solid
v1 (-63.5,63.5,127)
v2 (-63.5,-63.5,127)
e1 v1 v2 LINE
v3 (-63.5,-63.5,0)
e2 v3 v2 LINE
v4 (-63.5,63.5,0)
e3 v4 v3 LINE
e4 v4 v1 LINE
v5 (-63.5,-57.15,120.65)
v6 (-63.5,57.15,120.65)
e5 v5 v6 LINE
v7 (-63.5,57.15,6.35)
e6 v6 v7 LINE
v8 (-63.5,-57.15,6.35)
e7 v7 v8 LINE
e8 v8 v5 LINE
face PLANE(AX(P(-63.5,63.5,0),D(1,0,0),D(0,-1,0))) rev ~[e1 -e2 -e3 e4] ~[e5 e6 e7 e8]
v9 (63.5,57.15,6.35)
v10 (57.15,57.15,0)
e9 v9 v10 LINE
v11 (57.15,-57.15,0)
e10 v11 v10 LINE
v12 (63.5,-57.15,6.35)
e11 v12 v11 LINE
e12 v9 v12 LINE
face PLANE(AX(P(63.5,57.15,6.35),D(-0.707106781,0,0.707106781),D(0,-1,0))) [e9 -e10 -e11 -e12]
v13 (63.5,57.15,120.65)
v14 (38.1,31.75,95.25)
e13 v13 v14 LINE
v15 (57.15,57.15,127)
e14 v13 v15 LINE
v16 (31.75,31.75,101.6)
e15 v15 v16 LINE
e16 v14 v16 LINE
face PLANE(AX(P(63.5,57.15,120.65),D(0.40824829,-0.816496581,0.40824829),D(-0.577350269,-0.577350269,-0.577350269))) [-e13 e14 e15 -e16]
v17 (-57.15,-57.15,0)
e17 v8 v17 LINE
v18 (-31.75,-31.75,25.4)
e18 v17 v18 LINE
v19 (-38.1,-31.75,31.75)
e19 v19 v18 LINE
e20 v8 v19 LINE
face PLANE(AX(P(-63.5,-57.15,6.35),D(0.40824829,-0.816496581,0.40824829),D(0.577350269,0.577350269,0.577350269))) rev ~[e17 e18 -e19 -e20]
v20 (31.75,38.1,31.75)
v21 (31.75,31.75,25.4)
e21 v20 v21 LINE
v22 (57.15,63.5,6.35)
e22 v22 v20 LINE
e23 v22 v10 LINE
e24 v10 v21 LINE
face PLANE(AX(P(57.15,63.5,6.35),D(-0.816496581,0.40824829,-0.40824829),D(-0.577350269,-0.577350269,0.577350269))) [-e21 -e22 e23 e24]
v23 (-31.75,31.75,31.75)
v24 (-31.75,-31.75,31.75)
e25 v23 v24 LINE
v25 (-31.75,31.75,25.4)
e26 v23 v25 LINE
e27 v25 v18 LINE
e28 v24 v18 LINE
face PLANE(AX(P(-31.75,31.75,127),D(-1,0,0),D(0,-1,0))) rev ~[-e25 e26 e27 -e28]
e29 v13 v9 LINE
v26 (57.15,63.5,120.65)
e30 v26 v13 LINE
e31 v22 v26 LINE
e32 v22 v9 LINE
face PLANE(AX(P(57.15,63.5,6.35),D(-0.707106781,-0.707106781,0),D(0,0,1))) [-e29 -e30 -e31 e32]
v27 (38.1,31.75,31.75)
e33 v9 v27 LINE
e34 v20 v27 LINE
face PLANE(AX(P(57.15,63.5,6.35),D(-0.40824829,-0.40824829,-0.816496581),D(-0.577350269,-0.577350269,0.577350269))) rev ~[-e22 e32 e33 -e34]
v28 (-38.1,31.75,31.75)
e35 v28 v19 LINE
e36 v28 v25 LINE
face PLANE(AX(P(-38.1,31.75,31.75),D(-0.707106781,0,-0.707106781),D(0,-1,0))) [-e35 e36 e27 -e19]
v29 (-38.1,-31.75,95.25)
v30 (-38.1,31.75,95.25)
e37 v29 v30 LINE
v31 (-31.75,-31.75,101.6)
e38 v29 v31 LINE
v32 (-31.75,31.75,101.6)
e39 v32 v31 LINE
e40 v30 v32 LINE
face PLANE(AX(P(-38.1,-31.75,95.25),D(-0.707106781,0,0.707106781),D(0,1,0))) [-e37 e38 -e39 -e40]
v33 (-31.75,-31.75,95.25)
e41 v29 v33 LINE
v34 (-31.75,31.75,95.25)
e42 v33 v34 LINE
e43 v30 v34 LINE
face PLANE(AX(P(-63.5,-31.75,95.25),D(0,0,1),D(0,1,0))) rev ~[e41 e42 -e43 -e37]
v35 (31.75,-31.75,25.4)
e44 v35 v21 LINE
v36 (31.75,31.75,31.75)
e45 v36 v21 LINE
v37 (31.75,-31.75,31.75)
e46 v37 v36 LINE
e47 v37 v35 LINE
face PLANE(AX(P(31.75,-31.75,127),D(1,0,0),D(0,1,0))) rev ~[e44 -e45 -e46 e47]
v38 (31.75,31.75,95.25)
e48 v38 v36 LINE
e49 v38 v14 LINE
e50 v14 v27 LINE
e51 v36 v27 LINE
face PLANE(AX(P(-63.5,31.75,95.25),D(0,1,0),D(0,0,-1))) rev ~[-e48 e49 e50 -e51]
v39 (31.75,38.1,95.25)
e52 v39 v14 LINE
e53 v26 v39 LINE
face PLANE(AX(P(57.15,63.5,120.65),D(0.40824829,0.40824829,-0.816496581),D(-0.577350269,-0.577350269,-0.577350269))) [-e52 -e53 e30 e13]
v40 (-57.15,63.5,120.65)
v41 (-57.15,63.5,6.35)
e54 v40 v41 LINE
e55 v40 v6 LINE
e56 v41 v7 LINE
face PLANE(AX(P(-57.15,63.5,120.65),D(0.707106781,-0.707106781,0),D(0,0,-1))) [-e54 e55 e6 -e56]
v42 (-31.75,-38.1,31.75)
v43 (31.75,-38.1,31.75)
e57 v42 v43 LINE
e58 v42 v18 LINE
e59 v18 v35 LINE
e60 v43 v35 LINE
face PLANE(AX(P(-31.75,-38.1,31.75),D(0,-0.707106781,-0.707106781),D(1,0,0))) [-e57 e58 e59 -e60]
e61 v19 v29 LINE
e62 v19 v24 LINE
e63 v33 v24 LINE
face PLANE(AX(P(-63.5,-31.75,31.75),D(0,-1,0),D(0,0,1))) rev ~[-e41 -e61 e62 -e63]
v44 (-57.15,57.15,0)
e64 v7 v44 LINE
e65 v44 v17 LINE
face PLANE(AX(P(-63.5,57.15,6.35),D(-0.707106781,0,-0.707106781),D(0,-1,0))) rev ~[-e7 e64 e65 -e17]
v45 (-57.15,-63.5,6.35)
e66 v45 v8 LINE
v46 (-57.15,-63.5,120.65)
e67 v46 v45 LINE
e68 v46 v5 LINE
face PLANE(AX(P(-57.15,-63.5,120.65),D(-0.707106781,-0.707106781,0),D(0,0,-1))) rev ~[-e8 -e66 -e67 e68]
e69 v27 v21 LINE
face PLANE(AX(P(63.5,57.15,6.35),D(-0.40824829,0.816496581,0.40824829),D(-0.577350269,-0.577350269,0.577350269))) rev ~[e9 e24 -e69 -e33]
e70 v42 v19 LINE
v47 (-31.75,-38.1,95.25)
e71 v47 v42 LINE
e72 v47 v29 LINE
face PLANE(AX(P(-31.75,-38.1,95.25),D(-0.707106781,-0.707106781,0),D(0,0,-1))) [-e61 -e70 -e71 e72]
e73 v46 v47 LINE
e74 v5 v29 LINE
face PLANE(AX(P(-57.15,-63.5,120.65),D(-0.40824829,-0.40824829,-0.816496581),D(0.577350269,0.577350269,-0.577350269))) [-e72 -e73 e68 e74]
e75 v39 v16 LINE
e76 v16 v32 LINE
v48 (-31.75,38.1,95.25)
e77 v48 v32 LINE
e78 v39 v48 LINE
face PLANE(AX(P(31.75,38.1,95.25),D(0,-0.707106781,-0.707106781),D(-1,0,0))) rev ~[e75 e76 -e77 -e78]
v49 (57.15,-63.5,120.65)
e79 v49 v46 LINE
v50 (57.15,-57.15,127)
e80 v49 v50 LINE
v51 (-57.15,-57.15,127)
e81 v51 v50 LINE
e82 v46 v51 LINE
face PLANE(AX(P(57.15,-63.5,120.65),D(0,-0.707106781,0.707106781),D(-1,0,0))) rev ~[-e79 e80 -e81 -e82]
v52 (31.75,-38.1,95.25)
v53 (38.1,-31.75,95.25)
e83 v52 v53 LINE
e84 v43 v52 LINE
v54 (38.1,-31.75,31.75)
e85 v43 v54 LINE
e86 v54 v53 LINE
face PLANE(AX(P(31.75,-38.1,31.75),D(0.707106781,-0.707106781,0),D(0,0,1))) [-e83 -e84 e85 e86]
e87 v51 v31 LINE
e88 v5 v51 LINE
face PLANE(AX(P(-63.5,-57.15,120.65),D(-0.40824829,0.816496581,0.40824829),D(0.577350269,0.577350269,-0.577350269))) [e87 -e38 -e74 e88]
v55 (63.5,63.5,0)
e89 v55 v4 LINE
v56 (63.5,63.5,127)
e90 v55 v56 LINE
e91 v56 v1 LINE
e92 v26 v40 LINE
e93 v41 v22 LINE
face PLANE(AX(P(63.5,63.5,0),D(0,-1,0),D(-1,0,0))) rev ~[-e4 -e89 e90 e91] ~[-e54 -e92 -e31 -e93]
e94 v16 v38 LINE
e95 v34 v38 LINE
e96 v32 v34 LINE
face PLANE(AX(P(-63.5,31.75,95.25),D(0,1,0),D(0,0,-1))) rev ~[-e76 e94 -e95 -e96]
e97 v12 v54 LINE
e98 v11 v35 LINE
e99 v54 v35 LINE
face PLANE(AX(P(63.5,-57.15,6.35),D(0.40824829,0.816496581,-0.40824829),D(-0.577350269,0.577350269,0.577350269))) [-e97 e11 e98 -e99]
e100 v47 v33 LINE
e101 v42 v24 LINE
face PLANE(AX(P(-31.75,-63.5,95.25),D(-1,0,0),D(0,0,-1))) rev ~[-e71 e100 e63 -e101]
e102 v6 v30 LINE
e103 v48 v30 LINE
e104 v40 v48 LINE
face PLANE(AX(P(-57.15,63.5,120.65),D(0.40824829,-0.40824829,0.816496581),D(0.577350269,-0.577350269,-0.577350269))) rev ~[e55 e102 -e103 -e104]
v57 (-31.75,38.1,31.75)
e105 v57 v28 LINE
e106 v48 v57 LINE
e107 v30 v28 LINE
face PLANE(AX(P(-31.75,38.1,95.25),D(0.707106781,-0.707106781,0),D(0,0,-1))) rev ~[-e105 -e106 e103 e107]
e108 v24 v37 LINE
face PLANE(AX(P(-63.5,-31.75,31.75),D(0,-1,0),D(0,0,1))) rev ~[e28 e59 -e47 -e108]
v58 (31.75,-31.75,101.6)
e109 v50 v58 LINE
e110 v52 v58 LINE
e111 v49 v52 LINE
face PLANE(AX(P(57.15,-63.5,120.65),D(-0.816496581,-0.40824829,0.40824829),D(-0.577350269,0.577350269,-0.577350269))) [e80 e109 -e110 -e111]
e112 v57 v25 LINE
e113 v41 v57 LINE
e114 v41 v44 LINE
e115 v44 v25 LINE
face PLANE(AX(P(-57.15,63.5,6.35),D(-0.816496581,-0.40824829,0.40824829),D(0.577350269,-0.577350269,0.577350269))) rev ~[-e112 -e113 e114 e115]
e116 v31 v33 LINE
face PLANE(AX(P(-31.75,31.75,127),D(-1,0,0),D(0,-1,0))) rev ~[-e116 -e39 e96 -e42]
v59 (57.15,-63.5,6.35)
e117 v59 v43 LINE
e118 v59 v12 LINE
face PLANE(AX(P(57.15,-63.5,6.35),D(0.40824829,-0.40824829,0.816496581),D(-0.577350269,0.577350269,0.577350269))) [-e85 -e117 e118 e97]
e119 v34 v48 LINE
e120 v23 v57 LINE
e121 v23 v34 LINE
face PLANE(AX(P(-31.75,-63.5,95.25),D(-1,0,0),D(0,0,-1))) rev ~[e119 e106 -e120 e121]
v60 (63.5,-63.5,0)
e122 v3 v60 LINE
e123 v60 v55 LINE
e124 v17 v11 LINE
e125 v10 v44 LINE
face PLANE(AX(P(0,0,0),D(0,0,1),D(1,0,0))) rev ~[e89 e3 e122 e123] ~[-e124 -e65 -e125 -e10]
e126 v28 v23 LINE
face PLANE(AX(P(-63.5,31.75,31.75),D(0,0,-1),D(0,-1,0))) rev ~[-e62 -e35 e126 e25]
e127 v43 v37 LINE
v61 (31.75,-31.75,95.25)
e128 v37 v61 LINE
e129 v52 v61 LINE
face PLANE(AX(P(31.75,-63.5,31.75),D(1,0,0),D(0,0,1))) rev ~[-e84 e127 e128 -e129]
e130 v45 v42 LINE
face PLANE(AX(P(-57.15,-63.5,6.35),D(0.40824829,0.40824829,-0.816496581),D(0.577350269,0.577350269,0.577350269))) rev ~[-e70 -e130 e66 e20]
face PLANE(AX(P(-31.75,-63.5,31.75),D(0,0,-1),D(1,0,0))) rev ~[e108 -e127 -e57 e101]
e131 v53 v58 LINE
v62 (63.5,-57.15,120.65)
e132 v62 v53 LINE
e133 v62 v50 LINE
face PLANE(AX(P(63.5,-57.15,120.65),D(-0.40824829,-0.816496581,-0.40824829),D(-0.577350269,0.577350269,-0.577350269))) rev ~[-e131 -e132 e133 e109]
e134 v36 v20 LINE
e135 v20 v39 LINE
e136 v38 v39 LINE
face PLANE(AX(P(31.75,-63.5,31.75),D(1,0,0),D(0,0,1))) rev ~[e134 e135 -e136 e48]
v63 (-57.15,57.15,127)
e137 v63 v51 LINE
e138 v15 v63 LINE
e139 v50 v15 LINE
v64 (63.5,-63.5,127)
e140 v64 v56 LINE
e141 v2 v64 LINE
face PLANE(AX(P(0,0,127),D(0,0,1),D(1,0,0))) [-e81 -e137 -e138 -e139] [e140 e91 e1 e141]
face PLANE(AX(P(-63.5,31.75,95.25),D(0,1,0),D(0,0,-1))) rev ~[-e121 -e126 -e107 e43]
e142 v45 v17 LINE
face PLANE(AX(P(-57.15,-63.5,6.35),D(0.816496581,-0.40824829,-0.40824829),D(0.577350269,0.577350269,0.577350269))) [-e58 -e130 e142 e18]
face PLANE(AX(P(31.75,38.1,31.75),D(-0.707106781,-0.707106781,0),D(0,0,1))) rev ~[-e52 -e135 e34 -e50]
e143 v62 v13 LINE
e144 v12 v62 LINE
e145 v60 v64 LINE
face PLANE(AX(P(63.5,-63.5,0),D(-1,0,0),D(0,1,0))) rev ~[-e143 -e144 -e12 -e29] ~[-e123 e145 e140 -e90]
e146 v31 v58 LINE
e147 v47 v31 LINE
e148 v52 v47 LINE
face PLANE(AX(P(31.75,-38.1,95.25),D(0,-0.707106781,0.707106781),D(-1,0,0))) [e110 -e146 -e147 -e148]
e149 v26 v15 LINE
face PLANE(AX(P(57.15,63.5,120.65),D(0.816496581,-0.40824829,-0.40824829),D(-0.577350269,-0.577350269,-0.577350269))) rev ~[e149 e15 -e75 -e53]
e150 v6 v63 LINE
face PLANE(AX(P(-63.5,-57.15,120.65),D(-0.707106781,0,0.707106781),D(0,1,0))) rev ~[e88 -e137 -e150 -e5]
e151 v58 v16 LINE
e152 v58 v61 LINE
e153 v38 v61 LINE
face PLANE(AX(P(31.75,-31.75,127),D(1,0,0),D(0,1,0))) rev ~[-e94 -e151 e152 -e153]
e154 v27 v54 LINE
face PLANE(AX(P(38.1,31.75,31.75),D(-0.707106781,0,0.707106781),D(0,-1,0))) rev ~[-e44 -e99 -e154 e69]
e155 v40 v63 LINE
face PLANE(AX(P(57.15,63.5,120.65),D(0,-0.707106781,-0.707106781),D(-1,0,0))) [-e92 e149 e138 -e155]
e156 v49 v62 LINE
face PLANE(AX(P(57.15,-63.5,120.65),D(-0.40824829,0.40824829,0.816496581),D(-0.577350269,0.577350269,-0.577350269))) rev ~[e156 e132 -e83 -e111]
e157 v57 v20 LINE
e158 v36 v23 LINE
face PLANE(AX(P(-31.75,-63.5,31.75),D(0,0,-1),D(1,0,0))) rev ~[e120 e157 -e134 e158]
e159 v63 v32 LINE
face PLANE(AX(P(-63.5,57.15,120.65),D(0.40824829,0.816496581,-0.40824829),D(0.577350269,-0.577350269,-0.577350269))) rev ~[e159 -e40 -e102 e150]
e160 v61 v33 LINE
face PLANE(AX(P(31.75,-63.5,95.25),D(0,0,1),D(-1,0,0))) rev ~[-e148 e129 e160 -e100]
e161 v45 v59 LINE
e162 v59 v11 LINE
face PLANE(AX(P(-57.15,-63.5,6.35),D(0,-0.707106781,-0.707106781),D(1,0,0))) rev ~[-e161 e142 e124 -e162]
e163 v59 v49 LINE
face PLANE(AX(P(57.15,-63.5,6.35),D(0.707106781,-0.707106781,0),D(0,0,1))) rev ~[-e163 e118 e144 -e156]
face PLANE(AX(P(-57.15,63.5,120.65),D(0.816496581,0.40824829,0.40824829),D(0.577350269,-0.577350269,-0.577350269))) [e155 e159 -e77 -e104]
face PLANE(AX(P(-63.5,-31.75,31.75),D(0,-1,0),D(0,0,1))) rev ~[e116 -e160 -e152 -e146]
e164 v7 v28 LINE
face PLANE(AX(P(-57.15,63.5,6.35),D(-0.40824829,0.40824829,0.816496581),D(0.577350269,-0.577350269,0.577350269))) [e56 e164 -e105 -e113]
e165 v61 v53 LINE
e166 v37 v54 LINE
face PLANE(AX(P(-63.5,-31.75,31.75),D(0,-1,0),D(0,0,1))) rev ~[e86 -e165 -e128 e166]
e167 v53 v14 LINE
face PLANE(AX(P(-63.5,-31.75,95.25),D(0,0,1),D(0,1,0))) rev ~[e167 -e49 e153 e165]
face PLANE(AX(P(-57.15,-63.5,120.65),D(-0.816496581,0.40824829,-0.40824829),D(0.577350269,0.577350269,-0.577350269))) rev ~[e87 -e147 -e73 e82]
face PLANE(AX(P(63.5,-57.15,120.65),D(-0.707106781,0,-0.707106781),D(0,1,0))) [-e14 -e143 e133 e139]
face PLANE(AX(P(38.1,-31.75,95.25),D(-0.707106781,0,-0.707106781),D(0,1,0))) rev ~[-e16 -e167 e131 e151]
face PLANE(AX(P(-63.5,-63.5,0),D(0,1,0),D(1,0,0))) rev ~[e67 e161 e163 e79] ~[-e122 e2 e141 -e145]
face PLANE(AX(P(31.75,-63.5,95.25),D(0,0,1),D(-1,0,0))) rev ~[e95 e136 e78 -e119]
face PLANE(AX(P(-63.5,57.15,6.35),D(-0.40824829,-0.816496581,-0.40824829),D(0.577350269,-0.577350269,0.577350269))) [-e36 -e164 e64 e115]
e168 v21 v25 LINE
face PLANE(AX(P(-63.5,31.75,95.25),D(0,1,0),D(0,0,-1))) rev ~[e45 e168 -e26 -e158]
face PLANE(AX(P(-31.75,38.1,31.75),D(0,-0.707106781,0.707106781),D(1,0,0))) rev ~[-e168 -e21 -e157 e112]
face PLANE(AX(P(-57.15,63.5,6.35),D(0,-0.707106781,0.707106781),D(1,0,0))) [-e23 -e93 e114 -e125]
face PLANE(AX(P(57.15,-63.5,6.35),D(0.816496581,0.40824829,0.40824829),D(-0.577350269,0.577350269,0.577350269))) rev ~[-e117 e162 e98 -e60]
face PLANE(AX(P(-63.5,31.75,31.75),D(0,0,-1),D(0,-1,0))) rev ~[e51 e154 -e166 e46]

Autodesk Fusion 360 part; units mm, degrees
sketch "Sketch1" plane through (0, 0, 0) normal (0, 0, 1) x (1, 0, 0)
  line L0 (63.5, 63.5) -> (-63.5, 63.5)
  line L1 (-63.5, 63.5) -> (-63.5, -63.5)
  line L2 (-63.5, -63.5) -> (63.5, -63.5)
  line L3 (63.5, -63.5) -> (63.5, 63.5)
  line L4 (63.5, 63.5) -> (-63.5, -63.5) construction
  line L5 (-63.5, 63.5) -> (63.5, -63.5) construction
extrude "Extrude1" add sketch "Sketch1" along normal blind 127
sketch "Sketch2" plane through (0, 0, 127) normal (0, 0, 1) x (-1, 0, 0)
  line L0 (-63.5, 63.5) -> (-63.5, -63.5)
  line L1 (-63.5, -63.5) -> (63.5, -63.5)
  line L2 (63.5, -63.5) -> (63.5, 63.5)
  line L3 (63.5, 63.5) -> (-63.5, 63.5)
  line L4 (31.75, 31.75) -> (-31.75, 31.75)
  line L5 (-31.75, 31.75) -> (-31.75, -31.75)
  line L6 (-31.75, -31.75) -> (31.75, -31.75)
  line L7 (31.75, -31.75) -> (31.75, 31.75)
  dimension "d3" = -31.75
sketch "Sketch3" plane through (0, -63.5, 0) normal (0, -1, 0) x (1, 0, 0)
  line L0 (-63.5, 0) -> (63.5, 0)
  line L1 (63.5, 0) -> (63.5, 127)
  line L2 (63.5, 127) -> (-63.5, 127)
  line L3 (-63.5, 127) -> (-63.5, 0)
  line L4 (-31.75, 31.75) -> (31.75, 31.75)
  line L5 (31.75, 31.75) -> (31.75, 95.25)
  line L6 (31.75, 95.25) -> (-31.75, 95.25)
  line L7 (-31.75, 95.25) -> (-31.75, 31.75)
  dimension "d4" = -31.75
sketch "Sketch4" plane through (0, 0, 0) normal (0, 0, -1) x (1, 0, 0)
  line L0 (63.5, -63.5) -> (63.5, 63.5)
  line L1 (63.5, 63.5) -> (-63.5, 63.5)
  line L2 (-63.5, 63.5) -> (-63.5, -63.5)
  line L3 (-63.5, -63.5) -> (63.5, -63.5)
sketch "Sketch5" plane through (-63.5, 0, 0) normal (-1, 0, 0) x (0, -1, 0)
  line L0 (-63.5, 0) -> (63.5, 0)
  line L1 (63.5, 0) -> (63.5, 127)
  line L2 (63.5, 127) -> (-63.5, 127)
  line L3 (-63.5, 127) -> (-63.5, 0)
  line L4 (-31.75, 31.75) -> (31.75, 31.75)
  line L5 (31.75, 31.75) -> (31.75, 95.25)
  line L6 (31.75, 95.25) -> (-31.75, 95.25)
  line L7 (-31.75, 95.25) -> (-31.75, 31.75)
  dimension "d5" = -31.75
extrude "Extrude2" cut sketch "Sketch2" against normal blind 127 contours L4 L5 L6 L7
extrude "Extrude3" cut sketch "Sketch5" against normal blind 127 contours L4 L5 L6 L7
extrude "Extrude4" cut sketch "Sketch3" against normal blind 127 contours L4 L5 L6 L7
chamfer "Chamfer1" distance 25.4 angle 45 4 edges at (0, -63.5, 95.25) (31.75, -63.5, 63.5) (0, -63.5, 31.75) (-31.75, -63.5, 63.5)
chamfer "Chamfer2" distance 25.4 angle 45 4 edges at (-63.5, 31.75, 63.5) (-63.5, 0, 95.25) (-63.5, -31.75, 63.5) (-63.5, 0, 31.75)
chamfer "Chamfer3" distance 25.4 angle 45 4 edges at (31.75, 63.5, 63.5) (0, 63.5, 95.25) (-31.75, 63.5, 63.5) (0, 63.5, 31.75)
chamfer "Chamfer4" distance 25.4 angle 45 4 edges at (63.5, 0, 95.25) (63.5, 31.75, 63.5) (63.5, 0, 31.75) (63.5, -31.75, 63.5)
chamfer "Chamfer5" distance 25.4 angle 45 4 edges at (-31.75, 0, 127) (0, 31.75, 127) (31.75, 0, 127) (0, -31.75, 127)
chamfer "Chamfer6" distance 25.4 angle 45 4 edges at (31.75, 0, 0) (0, 31.75, 0) (-31.75, 0, 0) (0, -31.75, 0)
extrude "Extrude5" cut 1 faces at (-55.0333, 10.5833, 112.1833) along direction (0.707107, 0, 0.707107) blind 12.7
extrude "Extrude6" cut 1 faces at (-55.0333, 10.5833, 14.8167) along direction (0.707107, 0, -0.707107) blind 12.7
extrude "Extrude7" cut 1 faces at (-10.5833, -55.0333, 14.8167) along direction (0, 0.707107, -0.707107) blind 12.7
extrude "Extrude8" cut 1 faces at (-10.5833, -55.0333, 112.1833) along direction (0, 0.707107, 0.707107) blind 12.7
extrude "Extrude9" cut 1 faces at (55.0333, 10.5833, 14.8167) along direction (-0.707107, 0, -0.707107) blind 12.7
extrude "Extrude10" cut 1 faces at (55.0333, -10.5833, 112.1833) along direction (-0.707107, 0, 0.707107) blind 12.7
extrude "Extrude11" cut 1 faces at (-10.5833, 55.0333, 14.8167) along direction (0, -0.707107, -0.707107) blind 12.7
extrude "Extrude12" cut 1 faces at (10.5833, 55.0333, 112.1833) along direction (0, -0.707107, 0.707107) blind 12.7
extrude "Extrude13" cut 1 faces at (48.6833, 55.0333, 74.0833) along direction (0.707107, -0.707107, 0) blind 12.7
extrude "Extrude14" cut 1 faces at (-48.6833, 55.0333, 74.0833) along direction (-0.707107, -0.707107, 0) blind 12.7
extrude "Extrude15" cut 1 faces at (-48.6833, -55.0333, 52.9167) along direction (-0.707107, 0.707107, 0) blind 12.7
extrude "Extrude16" cut 1 faces at (48.6833, -55.0333, 74.0833) along direction (0.707107, 0.707107, 0) blind 12.7
